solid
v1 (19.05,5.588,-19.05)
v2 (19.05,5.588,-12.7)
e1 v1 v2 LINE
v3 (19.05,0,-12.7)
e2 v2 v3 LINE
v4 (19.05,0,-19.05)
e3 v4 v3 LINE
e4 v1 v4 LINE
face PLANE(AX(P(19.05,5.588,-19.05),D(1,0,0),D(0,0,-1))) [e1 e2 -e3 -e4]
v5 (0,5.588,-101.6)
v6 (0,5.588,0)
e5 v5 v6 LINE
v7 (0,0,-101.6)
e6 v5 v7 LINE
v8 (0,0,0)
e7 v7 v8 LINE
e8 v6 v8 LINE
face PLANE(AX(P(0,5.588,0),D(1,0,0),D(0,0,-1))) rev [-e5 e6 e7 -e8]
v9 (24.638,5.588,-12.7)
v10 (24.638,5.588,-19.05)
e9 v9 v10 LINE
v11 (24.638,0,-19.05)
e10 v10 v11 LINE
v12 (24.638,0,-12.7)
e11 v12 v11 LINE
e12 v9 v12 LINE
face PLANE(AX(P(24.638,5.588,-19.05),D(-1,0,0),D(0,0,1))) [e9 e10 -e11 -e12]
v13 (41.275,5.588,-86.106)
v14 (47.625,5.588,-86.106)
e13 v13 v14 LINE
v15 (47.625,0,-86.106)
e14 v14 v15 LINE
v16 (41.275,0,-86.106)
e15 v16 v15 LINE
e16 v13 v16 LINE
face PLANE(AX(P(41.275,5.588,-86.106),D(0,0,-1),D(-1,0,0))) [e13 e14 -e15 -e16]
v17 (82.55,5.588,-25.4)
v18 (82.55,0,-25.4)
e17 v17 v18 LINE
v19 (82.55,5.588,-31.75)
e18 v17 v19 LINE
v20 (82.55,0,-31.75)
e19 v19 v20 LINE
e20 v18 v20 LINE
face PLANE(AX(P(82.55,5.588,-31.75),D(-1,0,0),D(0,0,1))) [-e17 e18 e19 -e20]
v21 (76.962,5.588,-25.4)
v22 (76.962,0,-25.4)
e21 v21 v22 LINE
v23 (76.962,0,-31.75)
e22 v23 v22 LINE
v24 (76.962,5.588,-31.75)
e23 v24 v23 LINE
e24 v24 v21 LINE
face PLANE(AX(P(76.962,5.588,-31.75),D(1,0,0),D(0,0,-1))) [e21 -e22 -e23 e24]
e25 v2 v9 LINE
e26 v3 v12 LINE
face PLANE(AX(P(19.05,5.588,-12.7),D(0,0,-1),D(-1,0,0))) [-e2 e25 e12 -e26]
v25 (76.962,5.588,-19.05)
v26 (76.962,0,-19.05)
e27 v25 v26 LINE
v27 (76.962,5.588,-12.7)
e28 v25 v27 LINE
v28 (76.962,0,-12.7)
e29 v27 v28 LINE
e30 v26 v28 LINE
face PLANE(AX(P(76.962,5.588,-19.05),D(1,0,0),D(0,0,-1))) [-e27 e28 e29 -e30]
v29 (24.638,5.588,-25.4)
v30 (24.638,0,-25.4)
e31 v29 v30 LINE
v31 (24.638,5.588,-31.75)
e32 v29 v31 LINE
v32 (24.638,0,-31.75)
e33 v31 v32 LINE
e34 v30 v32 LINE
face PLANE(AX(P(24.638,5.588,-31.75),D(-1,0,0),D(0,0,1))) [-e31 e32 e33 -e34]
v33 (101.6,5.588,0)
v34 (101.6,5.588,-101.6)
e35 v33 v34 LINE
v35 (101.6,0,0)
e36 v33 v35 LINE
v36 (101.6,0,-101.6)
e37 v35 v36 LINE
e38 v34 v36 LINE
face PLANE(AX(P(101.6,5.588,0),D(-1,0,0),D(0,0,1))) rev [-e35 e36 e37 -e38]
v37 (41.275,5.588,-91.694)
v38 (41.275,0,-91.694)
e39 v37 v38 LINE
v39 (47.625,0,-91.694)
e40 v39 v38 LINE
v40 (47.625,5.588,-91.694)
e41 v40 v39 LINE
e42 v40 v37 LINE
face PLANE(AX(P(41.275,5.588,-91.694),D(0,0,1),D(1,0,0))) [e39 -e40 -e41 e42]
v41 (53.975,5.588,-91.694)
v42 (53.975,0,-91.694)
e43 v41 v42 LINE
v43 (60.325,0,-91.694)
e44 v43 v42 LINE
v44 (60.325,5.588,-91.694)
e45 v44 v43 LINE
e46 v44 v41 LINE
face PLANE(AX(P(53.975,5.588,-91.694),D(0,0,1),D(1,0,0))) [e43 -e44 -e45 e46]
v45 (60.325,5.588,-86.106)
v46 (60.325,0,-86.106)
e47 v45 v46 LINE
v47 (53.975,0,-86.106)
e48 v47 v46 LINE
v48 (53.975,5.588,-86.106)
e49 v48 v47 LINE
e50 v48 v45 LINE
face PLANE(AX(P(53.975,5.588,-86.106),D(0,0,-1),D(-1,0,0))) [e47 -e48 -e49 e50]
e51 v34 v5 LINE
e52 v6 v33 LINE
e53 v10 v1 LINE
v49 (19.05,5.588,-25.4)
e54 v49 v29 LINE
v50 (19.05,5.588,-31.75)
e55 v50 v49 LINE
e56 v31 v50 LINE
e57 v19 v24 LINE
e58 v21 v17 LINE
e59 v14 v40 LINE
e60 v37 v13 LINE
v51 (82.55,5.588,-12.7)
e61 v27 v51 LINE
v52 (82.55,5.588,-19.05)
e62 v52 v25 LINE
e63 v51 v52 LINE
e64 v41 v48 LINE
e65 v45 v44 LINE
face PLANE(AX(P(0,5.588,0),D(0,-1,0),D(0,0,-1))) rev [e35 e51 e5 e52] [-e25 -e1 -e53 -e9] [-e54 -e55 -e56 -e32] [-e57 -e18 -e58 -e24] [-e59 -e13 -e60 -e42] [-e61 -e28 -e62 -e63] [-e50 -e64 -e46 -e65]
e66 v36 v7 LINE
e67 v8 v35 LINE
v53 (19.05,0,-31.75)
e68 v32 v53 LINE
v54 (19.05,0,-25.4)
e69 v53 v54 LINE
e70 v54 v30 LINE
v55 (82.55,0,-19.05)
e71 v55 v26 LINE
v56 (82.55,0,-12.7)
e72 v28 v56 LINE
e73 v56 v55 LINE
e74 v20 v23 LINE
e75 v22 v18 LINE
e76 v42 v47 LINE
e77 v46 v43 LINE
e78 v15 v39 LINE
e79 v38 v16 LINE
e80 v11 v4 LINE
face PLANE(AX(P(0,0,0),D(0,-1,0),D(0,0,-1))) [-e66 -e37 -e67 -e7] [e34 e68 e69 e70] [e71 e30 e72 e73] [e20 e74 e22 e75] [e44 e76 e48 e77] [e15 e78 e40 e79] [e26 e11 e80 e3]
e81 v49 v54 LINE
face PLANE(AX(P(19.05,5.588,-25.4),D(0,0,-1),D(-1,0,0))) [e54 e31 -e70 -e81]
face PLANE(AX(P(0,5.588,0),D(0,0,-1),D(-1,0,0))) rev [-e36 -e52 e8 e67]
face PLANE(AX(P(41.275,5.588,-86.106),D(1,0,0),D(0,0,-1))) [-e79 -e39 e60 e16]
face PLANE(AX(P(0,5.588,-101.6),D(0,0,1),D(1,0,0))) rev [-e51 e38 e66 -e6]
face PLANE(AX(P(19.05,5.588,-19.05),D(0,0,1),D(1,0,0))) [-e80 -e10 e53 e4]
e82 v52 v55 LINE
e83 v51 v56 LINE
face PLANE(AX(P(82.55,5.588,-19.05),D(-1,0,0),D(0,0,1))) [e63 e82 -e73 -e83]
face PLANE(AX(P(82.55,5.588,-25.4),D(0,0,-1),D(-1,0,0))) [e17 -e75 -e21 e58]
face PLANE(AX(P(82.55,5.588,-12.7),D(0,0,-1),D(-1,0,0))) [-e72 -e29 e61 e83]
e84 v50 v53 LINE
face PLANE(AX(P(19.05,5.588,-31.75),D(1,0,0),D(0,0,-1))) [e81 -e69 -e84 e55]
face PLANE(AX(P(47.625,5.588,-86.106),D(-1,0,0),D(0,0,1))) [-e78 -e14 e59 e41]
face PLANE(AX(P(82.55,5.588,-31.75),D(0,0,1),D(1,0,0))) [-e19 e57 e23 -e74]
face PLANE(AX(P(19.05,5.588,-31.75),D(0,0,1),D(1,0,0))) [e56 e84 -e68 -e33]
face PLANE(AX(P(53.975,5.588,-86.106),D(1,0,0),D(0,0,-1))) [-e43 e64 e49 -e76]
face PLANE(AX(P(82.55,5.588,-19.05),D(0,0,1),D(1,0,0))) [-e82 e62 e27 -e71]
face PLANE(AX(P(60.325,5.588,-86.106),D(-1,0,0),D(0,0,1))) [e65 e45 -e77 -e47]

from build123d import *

# Parameters (mm, degrees)
SKETCH1_W           = 101.6
SKETCH1_H           = 101.6
SKETCH1_W_2         = 5.588
SKETCH1_H_2         = 6.35
SKETCH1_W_3         = 6.35
SKETCH1_H_3         = 5.588
BOSS_EXTRUDE1_DEPTH = 5.588


with BuildPart() as part:
    # Sketch1 → Boss-Extrude1 (new body)
    with BuildSketch(Plane(origin=(0, 0, 0), x_dir=(1, 0, 0), z_dir=(0, 1, 0))):
        with Locations((50.8, 50.8)):
            Rectangle(SKETCH1_W, SKETCH1_H)
        with Locations((79.756, 15.875)):
            Rectangle(SKETCH1_W_2, SKETCH1_H_2, mode=Mode.SUBTRACT)
        with Locations((21.844, 28.575)):
            Rectangle(SKETCH1_W_2, SKETCH1_H_2, mode=Mode.SUBTRACT)
        with Locations((21.844, 15.875)):
            Rectangle(SKETCH1_W_2, SKETCH1_H_2, mode=Mode.SUBTRACT)
        with Locations((79.756, 28.575)):
            Rectangle(SKETCH1_W_2, SKETCH1_H_2, mode=Mode.SUBTRACT)
        with Locations((44.45, 88.9)):
            Rectangle(SKETCH1_W_3, SKETCH1_H_3, mode=Mode.SUBTRACT)
        with Locations((57.15, 88.9)):
            Rectangle(SKETCH1_W_3, SKETCH1_H_3, mode=Mode.SUBTRACT)
    extrude(amount=BOSS_EXTRUDE1_DEPTH)


solid = part.part
